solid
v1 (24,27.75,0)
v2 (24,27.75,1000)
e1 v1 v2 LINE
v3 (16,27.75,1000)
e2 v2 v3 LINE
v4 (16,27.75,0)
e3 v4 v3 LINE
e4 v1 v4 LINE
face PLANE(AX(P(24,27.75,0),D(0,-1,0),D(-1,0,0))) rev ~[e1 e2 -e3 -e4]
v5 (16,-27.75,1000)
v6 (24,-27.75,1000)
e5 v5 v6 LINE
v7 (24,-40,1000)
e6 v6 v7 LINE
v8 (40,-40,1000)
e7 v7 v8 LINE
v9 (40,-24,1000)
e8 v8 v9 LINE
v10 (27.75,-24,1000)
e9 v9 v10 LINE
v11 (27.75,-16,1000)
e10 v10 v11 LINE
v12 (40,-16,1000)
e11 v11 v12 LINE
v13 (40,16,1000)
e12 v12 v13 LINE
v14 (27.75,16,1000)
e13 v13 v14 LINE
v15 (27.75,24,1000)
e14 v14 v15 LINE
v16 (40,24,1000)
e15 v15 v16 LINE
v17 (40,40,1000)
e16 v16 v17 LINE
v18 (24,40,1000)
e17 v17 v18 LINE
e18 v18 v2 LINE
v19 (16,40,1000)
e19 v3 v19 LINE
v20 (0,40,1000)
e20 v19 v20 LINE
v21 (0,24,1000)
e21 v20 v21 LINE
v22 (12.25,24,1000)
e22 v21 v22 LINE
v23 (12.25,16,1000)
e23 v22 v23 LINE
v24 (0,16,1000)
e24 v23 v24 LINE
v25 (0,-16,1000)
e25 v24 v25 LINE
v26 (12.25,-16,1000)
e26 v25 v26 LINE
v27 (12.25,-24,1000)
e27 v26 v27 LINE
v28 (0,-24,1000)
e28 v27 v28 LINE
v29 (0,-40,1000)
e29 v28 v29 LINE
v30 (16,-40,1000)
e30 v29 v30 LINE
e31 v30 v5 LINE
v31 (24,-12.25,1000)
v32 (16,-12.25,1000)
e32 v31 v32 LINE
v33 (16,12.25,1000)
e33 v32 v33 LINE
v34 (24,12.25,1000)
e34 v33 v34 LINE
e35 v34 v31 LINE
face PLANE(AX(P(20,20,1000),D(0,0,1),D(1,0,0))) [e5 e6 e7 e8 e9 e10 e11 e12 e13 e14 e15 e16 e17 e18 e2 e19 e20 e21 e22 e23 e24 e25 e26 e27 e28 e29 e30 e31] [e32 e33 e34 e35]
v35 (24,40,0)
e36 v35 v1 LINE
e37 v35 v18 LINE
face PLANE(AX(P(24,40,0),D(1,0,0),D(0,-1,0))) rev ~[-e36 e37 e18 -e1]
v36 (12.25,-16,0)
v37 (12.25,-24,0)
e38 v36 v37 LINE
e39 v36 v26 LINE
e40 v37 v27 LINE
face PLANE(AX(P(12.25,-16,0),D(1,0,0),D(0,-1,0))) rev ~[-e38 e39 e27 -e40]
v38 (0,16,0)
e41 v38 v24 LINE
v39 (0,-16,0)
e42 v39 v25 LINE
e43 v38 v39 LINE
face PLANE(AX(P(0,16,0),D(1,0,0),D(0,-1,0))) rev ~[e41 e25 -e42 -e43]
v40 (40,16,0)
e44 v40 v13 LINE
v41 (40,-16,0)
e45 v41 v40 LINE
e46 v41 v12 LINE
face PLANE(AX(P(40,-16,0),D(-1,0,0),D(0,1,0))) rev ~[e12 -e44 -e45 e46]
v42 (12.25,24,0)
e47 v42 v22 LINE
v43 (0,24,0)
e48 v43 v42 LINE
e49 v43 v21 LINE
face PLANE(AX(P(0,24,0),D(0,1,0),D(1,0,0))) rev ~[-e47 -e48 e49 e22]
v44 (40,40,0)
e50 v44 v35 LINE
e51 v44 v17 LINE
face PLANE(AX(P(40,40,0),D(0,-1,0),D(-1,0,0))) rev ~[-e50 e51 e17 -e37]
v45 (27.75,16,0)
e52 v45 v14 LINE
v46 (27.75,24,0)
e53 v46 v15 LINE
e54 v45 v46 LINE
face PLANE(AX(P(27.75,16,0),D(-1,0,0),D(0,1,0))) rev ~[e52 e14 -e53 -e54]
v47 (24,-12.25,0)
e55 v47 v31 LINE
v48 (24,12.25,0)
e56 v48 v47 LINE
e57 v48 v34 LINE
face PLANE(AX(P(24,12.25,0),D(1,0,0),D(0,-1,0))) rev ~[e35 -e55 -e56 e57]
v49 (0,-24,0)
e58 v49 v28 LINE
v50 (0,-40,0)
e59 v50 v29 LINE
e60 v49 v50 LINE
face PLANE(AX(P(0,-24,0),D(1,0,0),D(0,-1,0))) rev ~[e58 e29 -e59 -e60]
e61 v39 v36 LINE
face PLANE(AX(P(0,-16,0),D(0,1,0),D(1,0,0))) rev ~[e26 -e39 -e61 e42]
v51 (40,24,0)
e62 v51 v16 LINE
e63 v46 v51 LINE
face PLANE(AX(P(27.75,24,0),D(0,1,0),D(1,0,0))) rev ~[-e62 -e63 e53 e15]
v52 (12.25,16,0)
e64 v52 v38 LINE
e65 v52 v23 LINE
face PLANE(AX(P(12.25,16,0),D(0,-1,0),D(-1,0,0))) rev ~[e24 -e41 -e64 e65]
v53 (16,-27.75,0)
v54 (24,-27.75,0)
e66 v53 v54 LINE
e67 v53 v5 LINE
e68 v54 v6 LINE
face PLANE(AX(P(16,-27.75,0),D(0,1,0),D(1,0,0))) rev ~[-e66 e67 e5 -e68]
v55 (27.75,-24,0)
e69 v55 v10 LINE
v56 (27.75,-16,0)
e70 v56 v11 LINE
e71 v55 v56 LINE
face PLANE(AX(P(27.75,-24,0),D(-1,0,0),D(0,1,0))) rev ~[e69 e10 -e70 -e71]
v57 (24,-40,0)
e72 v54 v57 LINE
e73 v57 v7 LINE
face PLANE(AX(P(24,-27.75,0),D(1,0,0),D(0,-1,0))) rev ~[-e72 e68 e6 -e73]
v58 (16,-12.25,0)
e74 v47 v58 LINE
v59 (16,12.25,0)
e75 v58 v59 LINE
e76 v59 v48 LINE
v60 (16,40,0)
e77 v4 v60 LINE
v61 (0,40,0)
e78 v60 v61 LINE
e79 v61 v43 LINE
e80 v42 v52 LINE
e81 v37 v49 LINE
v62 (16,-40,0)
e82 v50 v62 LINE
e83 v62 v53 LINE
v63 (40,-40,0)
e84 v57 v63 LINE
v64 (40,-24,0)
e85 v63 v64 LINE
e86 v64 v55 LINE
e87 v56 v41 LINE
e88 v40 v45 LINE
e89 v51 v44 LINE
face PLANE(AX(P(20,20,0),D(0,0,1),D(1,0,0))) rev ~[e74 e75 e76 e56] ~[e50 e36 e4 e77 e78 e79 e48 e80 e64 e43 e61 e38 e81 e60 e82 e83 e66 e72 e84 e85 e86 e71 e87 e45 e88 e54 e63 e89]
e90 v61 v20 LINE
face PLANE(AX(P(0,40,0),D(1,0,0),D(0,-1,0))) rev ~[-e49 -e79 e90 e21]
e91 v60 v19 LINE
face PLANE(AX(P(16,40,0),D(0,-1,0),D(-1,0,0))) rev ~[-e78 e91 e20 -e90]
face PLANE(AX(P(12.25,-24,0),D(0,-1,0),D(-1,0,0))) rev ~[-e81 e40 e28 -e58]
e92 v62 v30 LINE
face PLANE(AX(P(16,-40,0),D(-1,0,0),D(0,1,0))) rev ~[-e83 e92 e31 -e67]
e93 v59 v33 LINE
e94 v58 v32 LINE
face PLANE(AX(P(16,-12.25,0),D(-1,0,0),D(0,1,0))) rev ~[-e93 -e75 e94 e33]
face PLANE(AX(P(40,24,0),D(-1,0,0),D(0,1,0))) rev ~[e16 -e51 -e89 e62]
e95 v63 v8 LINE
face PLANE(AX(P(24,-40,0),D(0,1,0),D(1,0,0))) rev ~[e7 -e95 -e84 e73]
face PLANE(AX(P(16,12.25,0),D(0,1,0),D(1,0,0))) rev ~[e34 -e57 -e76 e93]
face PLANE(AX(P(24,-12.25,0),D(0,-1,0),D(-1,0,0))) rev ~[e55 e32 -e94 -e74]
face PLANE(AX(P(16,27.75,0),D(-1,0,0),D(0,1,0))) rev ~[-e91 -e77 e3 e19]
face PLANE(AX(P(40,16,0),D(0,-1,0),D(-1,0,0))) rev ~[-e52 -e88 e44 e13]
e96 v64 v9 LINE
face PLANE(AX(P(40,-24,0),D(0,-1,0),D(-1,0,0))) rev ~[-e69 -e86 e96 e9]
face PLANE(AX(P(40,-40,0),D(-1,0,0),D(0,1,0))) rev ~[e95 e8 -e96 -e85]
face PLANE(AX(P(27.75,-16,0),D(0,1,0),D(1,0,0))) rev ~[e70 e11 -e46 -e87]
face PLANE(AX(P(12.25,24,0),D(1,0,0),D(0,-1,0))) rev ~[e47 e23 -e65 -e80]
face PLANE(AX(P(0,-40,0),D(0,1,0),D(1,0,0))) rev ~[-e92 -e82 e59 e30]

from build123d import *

# Parameters (mm, degrees)
F1_DEPTH = 1000


with BuildPart() as f1:
    # F0 (on Top) → F1 (new body)
    with BuildSketch(Plane.XY):
        Polygon((0, 16), (0, 0), (16, 0), (16, 12.25), (24, 12.25), (24, 0), (40, 0), (40, 16), (27.75, 16), (27.75, 24), (40, 24), (40, 40), (24, 40), (24, 27.75), (16, 27.75), (16, 40), (0, 40), (0, 24), (12.25, 24), (12.25, 16), align=None)
        Polygon((16, 0), (0, 0), (0, -16), (12.25, -16), (12.25, -24), (0, -24), (0, -40), (16, -40), (16, -27.75), (24, -27.75), (24, -40), (40, -40), (40, -24), (27.75, -24), (27.75, -16), (40, -16), (40, 0), (24, 0), (24, -12.25), (16, -12.25), align=None)
    extrude(amount=F1_DEPTH)


solid = f1.part
